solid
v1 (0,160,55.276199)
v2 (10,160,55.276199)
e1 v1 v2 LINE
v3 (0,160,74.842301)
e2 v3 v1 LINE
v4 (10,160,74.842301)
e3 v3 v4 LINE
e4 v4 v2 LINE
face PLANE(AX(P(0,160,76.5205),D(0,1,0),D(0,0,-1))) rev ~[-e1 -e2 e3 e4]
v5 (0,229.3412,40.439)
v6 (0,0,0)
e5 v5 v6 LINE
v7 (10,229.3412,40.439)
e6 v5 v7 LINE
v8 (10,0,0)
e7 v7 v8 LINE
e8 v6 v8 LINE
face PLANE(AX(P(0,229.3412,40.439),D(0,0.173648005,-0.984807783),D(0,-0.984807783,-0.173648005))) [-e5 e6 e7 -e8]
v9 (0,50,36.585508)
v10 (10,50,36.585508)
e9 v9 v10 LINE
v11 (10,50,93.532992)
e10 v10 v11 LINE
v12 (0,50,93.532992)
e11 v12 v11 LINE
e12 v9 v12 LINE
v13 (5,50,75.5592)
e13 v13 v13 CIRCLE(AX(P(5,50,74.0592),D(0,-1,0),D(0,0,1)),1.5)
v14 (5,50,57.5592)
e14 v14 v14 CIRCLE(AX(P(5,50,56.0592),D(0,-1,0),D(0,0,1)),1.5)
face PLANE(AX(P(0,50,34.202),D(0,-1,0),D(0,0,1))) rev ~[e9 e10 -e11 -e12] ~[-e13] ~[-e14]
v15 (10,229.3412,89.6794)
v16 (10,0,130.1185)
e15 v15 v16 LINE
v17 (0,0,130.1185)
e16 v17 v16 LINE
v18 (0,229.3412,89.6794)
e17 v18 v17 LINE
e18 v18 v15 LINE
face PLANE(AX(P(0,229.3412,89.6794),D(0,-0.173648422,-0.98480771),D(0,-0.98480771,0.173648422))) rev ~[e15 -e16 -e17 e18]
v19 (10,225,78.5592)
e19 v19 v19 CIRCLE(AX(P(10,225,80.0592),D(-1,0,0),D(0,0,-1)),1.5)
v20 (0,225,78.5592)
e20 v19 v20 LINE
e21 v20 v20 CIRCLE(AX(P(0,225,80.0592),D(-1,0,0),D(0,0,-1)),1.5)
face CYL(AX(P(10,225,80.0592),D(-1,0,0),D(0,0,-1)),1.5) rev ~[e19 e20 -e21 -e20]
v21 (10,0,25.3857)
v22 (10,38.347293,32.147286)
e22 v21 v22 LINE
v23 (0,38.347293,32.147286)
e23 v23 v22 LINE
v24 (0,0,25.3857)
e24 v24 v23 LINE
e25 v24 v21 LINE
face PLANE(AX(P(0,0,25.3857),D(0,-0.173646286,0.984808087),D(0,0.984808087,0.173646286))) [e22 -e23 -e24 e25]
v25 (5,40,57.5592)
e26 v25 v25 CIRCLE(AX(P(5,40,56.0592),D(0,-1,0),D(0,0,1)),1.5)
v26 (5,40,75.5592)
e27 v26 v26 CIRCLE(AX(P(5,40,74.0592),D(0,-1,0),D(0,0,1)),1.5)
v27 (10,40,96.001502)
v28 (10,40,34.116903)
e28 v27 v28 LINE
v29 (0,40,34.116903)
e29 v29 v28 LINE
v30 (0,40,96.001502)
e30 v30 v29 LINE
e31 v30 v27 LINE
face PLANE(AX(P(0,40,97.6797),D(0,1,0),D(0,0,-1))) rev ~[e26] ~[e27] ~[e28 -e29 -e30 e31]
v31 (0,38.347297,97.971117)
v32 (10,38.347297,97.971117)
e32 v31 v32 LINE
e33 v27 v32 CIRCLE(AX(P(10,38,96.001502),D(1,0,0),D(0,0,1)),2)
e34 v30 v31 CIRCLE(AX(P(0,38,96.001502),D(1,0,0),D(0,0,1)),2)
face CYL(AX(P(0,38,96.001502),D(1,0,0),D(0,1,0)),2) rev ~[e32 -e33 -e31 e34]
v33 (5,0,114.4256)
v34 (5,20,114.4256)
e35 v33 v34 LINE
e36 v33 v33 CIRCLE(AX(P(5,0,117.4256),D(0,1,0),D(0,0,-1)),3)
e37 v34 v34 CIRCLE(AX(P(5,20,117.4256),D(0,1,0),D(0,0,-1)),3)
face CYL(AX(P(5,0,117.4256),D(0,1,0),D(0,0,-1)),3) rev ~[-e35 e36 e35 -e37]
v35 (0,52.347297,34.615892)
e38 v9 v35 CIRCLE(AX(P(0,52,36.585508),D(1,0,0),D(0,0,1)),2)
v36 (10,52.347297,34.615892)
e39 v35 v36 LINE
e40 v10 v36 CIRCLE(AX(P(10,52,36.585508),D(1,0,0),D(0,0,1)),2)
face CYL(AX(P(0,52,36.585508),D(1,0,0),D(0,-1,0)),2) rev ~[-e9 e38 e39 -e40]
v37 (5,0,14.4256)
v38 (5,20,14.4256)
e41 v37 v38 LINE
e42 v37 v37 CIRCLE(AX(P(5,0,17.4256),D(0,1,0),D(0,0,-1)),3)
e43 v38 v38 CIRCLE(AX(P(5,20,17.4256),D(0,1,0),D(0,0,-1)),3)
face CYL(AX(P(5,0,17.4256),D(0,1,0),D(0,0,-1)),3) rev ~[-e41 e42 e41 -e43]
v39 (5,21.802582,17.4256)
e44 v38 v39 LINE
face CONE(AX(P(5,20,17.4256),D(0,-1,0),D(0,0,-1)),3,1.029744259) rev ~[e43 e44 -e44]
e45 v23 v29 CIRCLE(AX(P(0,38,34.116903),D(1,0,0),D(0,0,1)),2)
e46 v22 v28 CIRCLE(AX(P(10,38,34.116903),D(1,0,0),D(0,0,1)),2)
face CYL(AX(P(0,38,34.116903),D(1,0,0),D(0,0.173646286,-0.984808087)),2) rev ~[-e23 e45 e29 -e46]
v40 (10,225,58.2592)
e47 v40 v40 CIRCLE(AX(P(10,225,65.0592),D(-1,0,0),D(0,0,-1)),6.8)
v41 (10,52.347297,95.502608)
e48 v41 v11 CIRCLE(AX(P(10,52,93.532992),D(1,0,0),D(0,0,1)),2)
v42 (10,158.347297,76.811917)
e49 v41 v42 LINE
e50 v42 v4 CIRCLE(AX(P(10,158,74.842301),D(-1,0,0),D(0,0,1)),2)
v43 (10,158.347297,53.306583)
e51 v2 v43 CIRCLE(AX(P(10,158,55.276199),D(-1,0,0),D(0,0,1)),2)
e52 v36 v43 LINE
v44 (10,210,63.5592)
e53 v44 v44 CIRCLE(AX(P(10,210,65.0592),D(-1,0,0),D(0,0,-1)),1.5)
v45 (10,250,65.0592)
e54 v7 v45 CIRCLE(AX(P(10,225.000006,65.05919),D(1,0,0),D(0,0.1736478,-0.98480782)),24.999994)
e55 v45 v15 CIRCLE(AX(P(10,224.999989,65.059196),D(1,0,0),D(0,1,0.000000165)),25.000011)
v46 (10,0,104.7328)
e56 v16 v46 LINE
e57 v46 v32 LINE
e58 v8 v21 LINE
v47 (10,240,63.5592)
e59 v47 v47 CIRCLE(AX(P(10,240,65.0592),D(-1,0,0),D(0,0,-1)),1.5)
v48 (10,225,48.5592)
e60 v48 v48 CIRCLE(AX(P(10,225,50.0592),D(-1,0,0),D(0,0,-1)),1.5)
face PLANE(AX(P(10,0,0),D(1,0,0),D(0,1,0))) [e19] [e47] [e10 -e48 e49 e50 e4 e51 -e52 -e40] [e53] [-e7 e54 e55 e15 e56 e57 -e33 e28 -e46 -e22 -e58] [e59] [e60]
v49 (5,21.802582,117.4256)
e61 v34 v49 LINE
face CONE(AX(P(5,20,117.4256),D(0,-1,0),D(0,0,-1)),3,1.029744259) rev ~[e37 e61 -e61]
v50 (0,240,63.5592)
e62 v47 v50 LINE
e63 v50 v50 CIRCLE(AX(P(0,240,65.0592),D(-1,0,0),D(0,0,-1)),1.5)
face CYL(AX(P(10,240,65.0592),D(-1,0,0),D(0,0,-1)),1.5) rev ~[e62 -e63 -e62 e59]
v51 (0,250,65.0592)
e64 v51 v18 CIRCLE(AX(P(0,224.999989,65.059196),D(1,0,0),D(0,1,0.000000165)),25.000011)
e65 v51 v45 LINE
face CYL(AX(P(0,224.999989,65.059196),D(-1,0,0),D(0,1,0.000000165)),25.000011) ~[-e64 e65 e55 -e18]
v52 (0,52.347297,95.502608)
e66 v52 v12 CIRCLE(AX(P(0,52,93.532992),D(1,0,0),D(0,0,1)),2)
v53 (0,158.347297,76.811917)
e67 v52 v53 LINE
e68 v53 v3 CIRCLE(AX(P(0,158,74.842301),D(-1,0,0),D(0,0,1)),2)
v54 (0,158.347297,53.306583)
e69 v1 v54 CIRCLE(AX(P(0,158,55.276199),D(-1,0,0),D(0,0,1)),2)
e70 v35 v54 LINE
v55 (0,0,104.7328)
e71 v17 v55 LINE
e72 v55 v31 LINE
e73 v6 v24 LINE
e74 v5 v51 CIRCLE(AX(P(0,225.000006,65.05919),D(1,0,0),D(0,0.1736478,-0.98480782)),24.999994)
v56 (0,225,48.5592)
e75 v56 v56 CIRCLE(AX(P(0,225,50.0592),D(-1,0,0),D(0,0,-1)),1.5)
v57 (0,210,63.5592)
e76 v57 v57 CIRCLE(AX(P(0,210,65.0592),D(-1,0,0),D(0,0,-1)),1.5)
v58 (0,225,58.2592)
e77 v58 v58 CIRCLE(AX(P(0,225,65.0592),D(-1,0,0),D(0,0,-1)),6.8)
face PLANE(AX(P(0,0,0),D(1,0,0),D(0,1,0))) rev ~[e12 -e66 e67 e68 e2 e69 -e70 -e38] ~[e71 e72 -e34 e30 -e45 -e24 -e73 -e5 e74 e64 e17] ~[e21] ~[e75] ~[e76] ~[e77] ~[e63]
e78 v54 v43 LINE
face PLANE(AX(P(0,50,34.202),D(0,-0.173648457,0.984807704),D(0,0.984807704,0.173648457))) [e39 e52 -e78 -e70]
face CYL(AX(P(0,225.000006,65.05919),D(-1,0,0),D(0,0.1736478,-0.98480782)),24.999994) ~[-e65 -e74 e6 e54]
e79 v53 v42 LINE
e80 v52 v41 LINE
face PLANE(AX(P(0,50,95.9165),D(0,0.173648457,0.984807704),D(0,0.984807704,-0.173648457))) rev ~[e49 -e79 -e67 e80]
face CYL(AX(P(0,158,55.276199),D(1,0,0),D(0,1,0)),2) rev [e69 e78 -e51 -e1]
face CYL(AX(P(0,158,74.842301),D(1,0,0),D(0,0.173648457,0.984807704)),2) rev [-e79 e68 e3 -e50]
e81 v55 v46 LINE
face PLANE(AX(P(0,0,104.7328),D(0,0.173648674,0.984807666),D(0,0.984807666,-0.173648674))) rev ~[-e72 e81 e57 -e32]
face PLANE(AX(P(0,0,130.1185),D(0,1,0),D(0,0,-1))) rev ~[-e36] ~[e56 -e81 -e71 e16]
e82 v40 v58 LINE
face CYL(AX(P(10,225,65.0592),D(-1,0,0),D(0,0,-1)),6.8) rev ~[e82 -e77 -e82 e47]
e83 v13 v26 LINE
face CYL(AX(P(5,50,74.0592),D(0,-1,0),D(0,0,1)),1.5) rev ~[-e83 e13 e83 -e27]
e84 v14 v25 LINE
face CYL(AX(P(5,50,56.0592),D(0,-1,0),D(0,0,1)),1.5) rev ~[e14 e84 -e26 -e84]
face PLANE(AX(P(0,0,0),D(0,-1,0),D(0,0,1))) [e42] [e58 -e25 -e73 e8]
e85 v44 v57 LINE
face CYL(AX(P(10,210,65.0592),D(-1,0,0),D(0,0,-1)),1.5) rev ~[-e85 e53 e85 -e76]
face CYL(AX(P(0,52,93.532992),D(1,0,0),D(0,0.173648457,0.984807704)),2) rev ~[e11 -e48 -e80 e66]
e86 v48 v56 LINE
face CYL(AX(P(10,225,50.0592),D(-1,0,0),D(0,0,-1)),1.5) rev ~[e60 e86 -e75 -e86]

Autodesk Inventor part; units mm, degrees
ref_plane "YZ Plane" through (0, 0, 0) normal (1, 0, 0) x (0, 1, 0)
ref_plane "XZ Plane" through (0, 0, 0) normal (0, 1, 0) x (-1, 0, 0)
ref_plane "XY Plane" through (0, 0, 0) normal (0, 0, 1) x (1, 0, 0)
sketch "Skizze1" plane through (0, 0, 0) normal (1, 0, 0) x (0, 1, 0)
  arc A0 (250, 65.0592) -> (229.3412, 89.6794) centre (225, 65.0592) ccw
  line L0 (225, 65.0592) -> (229.3412, 89.6794) construction
  line L1 (225, 65.0592) -> (250, 65.0592) construction
  line L2 (229.3412, 89.6794) -> (0, 130.1185)
  line L3 (0, 130.1185) -> (0, 104.7328)
  arc A1 (229.3412, 40.439) -> (250, 65.0592) centre (225, 65.0592) ccw
  line L4 (229.3412, 40.439) -> (0, 0)
  line L5 (0, 0) -> (92.864, 0) construction
  line L6 (0, 0) -> (0, 25.3857)
  line L7 (160, 76.5205) -> (160, 53.598)
  line L8 (40, 97.6797) -> (40, 32.4387)
  line L9 (50, 34.202) -> (50, 95.9165)
  line L10 (0, 104.7328) -> (40, 97.6797)
  line L11 (50, 95.9165) -> (160, 76.5205)
  line L12 (0, 25.3857) -> (40, 32.4387)
  line L13 (50, 34.202) -> (160, 53.598)
  dimension "d21" = 80
  dimension "d24" = 25
  dimension "d68" = 250
  dimension "d73" = 80
  dimension "d88" = 130.1185
  dimension "d89" = 79.3471
  dimension "d91" = 10
  dimension "d92" = 25
  dimension "d93" = 25
  dimension "d94" = 40
  dimension "d96" = 25
  dimension "d97" = 25
  dimension "d127" = 110
extrude "Extrusion2" add sketch "Skizze1" along normal blind 10
sketch "Skizze7" plane through (10, 0, 0) normal (1, 0, 0) x (0, 0, -1)
  arc A0 (-40.439, 229.3412) -> (-89.6794, 229.3412) centre (-65.0592, 225) ccw projected
  point P0 (0, 0)
hole "Bohrung6" at (10, 225, 65.0592) direction (-1, 0, 0) diameter 13.6 end through all
sketch "Skizze8" plane through (10, 0, 0) normal (1, 0, 0) x (0, 0, -1)
  circle A0 centre (-65.0592, 225) radius 6.8 projected
  line L0 (-65.0592, 225) -> (-65.0592, 240) construction
  point P0 (0, 0)
  point P1 (-80.0592, 225)
  point P2 (-65.0592, 210)
  point P3 (-50.0592, 225)
  dimension "d107" = 15
  dimension "d110" = 360
hole "Bohrung7" at (10, 240, 65.0592) at (10, 225, 80.0592) at (10, 210, 65.0592) at (10, 225, 50.0592) direction (-1, 0, 0) diameter 3 end through all
sketch "Skizze9" plane through (0, 0, 104.7328) normal (0, -1, 0) x (1, 0, 0)
  line L0 (0, 25.3857) -> (10, 25.3857) construction
  line L1 (5, 25.3857) -> (5, -104.7328) construction
  line L2 (0, -104.7328) -> (10, -104.7328) construction
  line L3 (0, 25.3857) -> (0, 0) construction
  line L4 (10, 25.3857) -> (10, 0) construction
  line L5 (0, 25.3857) -> (0, 0) construction
  line L6 (0, 0) -> (10, 0) construction
  line L7 (10, 25.3857) -> (10, 0) construction
  line L8 (0, 25.3857) -> (10, 25.3857) construction
  line L9 (0, 12.6928) -> (10, 12.6928) construction
  point P0 (5, 12.6928)
  point P1 (5, -87.3072)
  dimension "d119" = 100
hole "Bohrung8" at (5, 0, 117.4256) at (5, 0, 17.4256) direction (0, 1, 0) diameter 6 depth 20 tip angle 118
sketch "Skizze10" plane through (0, 50, 95.9165) normal (0, 1, 0) x (1, 0, 0)
  line L0 (10, 61.7144) -> (10, 0) construction
  line L1 (10, 30.8572) -> (0, 30.8572) construction
  point P0 (0, 95.9165)
  point P1 (5, 21.8572)
  point P2 (5, 39.8572)
  dimension "d128" = 5
  dimension "d130" = 9
  dimension "d132" = 5
  dimension "d133" = 18
hole "Bohrung9" at (5, 50, 74.0592) at (5, 50, 56.0592) direction (0, -1, 0) diameter 3 end through all
fillet "Rundung1" radius 2 6 edges at (5, 160, 76.5205) (5, 40, 97.6797) (5, 50, 95.9165) (5, 50, 34.202) (5, 160, 53.598) (5, 40, 32.4387)
properties part number "halter_seite"
